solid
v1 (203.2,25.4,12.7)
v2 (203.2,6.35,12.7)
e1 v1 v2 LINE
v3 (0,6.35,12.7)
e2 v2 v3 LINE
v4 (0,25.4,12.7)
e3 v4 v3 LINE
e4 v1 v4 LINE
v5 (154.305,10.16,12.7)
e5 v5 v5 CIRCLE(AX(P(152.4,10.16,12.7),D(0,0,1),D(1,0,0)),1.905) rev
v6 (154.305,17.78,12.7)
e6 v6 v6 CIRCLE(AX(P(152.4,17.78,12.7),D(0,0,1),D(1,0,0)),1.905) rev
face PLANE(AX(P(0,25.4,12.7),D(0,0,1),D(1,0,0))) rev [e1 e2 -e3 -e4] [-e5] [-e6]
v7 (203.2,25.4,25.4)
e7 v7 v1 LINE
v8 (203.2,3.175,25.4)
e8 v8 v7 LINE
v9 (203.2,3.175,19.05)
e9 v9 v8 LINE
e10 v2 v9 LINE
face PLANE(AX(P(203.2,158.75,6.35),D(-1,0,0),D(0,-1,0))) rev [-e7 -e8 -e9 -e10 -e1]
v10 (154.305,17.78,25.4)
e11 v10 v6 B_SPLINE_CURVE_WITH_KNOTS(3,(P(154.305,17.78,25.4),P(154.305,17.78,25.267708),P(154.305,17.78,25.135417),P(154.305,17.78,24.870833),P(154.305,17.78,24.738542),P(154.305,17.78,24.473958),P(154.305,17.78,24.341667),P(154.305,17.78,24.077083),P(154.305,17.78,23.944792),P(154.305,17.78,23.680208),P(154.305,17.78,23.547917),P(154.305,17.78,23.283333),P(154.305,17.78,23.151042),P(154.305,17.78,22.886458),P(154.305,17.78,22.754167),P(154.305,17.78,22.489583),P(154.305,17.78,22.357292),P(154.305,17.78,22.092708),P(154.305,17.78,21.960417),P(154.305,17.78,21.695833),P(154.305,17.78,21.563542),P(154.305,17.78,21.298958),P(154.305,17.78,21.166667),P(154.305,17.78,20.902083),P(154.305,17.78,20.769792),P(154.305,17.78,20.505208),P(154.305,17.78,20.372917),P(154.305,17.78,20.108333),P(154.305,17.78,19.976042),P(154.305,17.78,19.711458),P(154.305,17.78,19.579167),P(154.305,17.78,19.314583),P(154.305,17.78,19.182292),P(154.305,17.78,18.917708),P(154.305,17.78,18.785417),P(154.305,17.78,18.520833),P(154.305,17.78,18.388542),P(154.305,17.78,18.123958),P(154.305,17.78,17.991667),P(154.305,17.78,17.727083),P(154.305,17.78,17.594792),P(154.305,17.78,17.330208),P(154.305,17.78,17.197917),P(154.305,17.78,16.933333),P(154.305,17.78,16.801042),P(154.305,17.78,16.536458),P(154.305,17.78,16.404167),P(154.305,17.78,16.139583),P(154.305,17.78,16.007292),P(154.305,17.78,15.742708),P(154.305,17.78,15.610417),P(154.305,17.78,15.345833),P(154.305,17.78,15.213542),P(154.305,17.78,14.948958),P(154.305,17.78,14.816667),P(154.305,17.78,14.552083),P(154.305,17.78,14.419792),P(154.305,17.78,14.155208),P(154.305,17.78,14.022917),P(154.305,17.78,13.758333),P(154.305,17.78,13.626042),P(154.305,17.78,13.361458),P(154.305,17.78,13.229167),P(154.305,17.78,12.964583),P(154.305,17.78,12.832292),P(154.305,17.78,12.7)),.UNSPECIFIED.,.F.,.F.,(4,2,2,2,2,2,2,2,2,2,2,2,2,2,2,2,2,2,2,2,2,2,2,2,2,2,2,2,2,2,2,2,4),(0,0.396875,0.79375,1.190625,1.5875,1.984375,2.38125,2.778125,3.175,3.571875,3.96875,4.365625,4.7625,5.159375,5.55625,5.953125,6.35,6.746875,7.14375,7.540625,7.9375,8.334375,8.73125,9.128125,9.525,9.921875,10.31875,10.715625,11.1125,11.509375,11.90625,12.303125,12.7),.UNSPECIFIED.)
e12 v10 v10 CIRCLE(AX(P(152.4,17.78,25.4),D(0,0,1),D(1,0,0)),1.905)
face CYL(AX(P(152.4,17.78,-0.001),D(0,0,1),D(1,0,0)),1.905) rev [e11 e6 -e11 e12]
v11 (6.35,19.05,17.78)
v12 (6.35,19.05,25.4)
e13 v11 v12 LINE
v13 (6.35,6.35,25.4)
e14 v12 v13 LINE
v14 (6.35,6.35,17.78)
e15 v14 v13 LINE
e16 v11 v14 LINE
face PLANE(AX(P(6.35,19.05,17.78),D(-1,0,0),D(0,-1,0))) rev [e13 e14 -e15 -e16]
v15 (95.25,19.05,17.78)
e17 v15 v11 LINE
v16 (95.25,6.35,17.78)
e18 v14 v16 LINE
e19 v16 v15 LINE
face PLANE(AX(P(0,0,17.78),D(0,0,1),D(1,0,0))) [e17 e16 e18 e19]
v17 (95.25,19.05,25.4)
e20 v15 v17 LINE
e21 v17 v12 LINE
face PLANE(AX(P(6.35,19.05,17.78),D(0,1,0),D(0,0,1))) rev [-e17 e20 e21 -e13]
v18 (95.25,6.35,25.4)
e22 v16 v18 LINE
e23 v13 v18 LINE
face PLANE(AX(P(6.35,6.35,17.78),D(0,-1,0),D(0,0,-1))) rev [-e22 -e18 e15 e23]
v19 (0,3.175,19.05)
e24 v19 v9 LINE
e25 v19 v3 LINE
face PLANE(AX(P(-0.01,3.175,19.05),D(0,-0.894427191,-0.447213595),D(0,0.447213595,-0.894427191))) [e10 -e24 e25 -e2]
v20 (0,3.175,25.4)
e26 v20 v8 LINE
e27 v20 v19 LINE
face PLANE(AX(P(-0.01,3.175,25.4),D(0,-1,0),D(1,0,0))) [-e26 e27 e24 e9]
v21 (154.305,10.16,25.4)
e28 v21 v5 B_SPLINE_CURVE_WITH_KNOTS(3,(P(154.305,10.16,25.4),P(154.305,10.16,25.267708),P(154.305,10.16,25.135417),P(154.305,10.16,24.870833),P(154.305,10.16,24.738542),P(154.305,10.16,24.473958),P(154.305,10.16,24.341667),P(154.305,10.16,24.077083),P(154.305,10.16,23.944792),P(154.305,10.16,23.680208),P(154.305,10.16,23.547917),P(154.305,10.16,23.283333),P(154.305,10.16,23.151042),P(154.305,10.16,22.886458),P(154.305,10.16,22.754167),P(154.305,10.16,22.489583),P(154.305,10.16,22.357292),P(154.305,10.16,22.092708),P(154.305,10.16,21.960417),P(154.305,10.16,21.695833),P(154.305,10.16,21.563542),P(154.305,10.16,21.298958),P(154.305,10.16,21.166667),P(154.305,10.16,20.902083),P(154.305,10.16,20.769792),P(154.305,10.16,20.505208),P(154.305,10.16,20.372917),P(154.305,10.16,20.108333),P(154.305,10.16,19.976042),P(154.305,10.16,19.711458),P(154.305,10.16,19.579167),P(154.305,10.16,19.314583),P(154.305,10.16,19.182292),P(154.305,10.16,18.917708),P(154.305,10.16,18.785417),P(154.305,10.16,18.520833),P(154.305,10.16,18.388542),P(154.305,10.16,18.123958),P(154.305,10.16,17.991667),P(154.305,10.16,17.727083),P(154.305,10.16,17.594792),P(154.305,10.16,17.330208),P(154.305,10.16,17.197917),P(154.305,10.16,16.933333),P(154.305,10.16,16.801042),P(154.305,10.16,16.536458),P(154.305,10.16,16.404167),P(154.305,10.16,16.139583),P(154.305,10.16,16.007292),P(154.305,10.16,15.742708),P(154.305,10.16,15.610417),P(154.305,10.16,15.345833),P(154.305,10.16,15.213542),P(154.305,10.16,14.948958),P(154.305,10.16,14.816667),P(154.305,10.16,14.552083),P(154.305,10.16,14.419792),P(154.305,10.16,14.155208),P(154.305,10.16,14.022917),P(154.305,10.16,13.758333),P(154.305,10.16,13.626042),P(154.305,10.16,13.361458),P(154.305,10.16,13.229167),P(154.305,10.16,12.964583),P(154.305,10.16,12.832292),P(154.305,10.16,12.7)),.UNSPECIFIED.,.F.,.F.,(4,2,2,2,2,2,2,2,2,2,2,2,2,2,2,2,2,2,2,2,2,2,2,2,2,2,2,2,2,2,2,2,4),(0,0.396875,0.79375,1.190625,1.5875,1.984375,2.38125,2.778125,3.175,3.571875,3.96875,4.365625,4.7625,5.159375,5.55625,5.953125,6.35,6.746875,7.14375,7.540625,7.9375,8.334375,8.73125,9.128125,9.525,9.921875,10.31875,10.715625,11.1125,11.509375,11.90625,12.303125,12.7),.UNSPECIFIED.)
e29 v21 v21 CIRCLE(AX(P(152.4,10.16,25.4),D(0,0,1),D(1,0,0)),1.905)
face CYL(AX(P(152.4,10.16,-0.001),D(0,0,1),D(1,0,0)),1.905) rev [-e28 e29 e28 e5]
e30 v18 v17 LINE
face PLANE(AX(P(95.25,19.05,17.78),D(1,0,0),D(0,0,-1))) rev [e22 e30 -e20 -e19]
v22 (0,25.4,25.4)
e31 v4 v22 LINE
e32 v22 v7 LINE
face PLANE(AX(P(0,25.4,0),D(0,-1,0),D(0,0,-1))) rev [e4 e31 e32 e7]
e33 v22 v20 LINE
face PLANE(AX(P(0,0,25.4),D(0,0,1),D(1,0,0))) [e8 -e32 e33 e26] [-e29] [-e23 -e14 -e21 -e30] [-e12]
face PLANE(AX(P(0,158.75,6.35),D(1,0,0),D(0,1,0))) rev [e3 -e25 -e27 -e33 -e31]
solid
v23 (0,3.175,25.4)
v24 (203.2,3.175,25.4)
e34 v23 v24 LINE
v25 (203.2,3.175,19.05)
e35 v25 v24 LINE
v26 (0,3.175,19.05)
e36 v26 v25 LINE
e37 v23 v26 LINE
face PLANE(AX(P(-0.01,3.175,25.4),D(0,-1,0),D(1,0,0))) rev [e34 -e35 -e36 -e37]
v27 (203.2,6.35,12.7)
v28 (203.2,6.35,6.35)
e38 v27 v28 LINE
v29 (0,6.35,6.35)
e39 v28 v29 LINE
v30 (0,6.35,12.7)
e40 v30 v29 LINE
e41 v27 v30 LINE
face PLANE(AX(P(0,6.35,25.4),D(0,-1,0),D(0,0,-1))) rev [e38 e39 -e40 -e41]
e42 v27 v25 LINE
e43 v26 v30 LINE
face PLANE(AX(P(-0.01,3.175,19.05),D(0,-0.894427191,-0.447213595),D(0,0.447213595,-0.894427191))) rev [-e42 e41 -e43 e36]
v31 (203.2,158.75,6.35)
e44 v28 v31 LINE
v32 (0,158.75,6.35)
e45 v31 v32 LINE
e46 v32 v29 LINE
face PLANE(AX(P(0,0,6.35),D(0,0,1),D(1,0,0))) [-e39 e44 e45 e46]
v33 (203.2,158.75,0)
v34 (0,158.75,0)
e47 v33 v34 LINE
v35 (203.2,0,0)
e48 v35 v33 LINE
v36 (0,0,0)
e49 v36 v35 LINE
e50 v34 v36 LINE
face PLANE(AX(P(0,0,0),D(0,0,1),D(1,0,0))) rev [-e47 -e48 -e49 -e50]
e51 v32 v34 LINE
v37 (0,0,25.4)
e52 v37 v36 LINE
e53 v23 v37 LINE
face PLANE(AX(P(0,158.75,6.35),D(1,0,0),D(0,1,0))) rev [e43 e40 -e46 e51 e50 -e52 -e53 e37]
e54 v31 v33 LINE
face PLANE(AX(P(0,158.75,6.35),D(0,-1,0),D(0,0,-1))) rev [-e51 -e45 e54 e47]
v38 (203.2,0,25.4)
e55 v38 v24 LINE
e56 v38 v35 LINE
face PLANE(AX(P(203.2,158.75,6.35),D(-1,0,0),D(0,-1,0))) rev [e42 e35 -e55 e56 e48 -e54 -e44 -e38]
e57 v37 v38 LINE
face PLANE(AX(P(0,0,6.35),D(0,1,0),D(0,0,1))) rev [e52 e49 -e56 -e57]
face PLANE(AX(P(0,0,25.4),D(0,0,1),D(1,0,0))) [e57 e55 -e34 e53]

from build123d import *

# Parameters (mm, degrees)
SKETCH1_W              = 203.2
SKETCH1_H              = 158.75
BOSS_EXTRUDE1_DEPTH    = 6.35
SKETCH2_W              = 203.2
SKETCH2_H              = 6.35
BOSS_EXTRUDE2_DEPTH    = 19.05
SKETCH3_W              = 203.2
SKETCH3_H              = 12.7
BOSS_EXTRUDE3_DEPTH    = 19.05
SKETCH4_W              = 88.9
SKETCH4_H              = 12.7
CUT_EXTRUDE1_DEPTH     = 7.62
CUT_EXTRUDE2_REACH     = 261.108
SKETCH5_R              = 1.905
SPLIT1_SURFACE_1_BACK  = 260.108
SPLIT1_SURFACE_1_DEPTH = 520.216
SPLIT1_SURFACE_2_BACK  = 260.108
SPLIT1_SURFACE_2_DEPTH = 520.216


with BuildPart() as part:
    # Sketch1 → Boss-Extrude1 (new body)
    with BuildSketch(Plane.XY):
        with Locations((101.6, 79.375)):
            Rectangle(SKETCH1_W, SKETCH1_H)
    extrude(amount=BOSS_EXTRUDE1_DEPTH)

    # Sketch2 → Boss-Extrude2 (add)
    with BuildSketch(Plane.XY.offset(6.35)):
        with Locations((101.6, 3.175)):
            Rectangle(SKETCH2_W, SKETCH2_H)
    extrude(amount=BOSS_EXTRUDE2_DEPTH)

    # Sketch3 → Boss-Extrude3 (add)
    with BuildSketch(Plane(origin=(0, 6.35, 0), x_dir=(1, 0, 0), z_dir=(0, 1, 0))):
        with Locations((101.6, -19.05)):
            Rectangle(SKETCH3_W, SKETCH3_H)
    extrude(amount=BOSS_EXTRUDE3_DEPTH)

    # Sketch4 → Cut-Extrude1 (cut)
    with BuildSketch(Plane.XY.offset(25.4)):
        with Locations((50.8, 12.7)):
            Rectangle(SKETCH4_W, SKETCH4_H)
    extrude(amount=-CUT_EXTRUDE1_DEPTH, mode=Mode.SUBTRACT)

    # Sketch5 → Cut-Extrude2 (cut, up to next)
    with BuildSketch(Plane.XY.offset(25.4), mode=Mode.PRIVATE) as cut_extrude2_sk1:
        with Locations((152.4, 17.78)):
            Circle(SKETCH5_R)
    cut_extrude2_tool1 = extrude(cut_extrude2_sk1.sketch, amount=-CUT_EXTRUDE2_REACH, mode=Mode.PRIVATE) & part.part
    # Sketch5 → Cut-Extrude2 (cut, up to next)
    with BuildSketch(Plane.XY.offset(25.4), mode=Mode.PRIVATE) as cut_extrude2_sk2:
        with Locations((152.4, 10.16)):
            Circle(SKETCH5_R)
    cut_extrude2_tool2 = extrude(cut_extrude2_sk2.sketch, amount=-CUT_EXTRUDE2_REACH, mode=Mode.PRIVATE) & part.part
    add(cut_extrude2_tool1.solids().sort_by_distance((152.4, 17.78, 25.4))[0], mode=Mode.SUBTRACT)
    add(cut_extrude2_tool2.solids().sort_by_distance((152.4, 10.16, 25.4))[0], mode=Mode.SUBTRACT)


with BuildPart() as body_2:
    # Split1: the piece behind the surface
    add(part.part)
    # Split1 surface: a surface, the sketch's curves swept straight by 520.216 mm
    with BuildLine(Plane(origin=(203.2, 0, 0), x_dir=(0, 0, -1), z_dir=(1, 0, 0)).offset(-SPLIT1_SURFACE_1_BACK), mode=Mode.PRIVATE) as split1_surface_1_path:
        Line((-25.4, 3.175), (-19.05, 3.175))
        Line((-19.05, 3.175), (-12.7, 6.35))
    split1_surface_1 = Shell.extrude(split1_surface_1_path.wire(), (1 * SPLIT1_SURFACE_1_DEPTH, 0 * SPLIT1_SURFACE_1_DEPTH, 0 * SPLIT1_SURFACE_1_DEPTH))
    split(bisect_by=split1_surface_1, keep=Keep.BOTTOM)


with BuildPart() as part_1:
    add(part.part)

    # Split1: split by a surface, the side it looks to stays
    # Split1 surface: a surface, the sketch's curves swept straight by 520.216 mm
    with BuildLine(Plane(origin=(203.2, 0, 0), x_dir=(0, 0, -1), z_dir=(1, 0, 0)).offset(-SPLIT1_SURFACE_2_BACK), mode=Mode.PRIVATE) as split1_surface_2_path:
        Line((-25.4, 3.175), (-19.05, 3.175))
        Line((-19.05, 3.175), (-12.7, 6.35))
    split1_surface_2 = Shell.extrude(split1_surface_2_path.wire(), (1 * SPLIT1_SURFACE_2_DEPTH, 0 * SPLIT1_SURFACE_2_DEPTH, 0 * SPLIT1_SURFACE_2_DEPTH))
    split(bisect_by=split1_surface_2, keep=Keep.TOP)


solid = Compound([body_2.part, part_1.part])
